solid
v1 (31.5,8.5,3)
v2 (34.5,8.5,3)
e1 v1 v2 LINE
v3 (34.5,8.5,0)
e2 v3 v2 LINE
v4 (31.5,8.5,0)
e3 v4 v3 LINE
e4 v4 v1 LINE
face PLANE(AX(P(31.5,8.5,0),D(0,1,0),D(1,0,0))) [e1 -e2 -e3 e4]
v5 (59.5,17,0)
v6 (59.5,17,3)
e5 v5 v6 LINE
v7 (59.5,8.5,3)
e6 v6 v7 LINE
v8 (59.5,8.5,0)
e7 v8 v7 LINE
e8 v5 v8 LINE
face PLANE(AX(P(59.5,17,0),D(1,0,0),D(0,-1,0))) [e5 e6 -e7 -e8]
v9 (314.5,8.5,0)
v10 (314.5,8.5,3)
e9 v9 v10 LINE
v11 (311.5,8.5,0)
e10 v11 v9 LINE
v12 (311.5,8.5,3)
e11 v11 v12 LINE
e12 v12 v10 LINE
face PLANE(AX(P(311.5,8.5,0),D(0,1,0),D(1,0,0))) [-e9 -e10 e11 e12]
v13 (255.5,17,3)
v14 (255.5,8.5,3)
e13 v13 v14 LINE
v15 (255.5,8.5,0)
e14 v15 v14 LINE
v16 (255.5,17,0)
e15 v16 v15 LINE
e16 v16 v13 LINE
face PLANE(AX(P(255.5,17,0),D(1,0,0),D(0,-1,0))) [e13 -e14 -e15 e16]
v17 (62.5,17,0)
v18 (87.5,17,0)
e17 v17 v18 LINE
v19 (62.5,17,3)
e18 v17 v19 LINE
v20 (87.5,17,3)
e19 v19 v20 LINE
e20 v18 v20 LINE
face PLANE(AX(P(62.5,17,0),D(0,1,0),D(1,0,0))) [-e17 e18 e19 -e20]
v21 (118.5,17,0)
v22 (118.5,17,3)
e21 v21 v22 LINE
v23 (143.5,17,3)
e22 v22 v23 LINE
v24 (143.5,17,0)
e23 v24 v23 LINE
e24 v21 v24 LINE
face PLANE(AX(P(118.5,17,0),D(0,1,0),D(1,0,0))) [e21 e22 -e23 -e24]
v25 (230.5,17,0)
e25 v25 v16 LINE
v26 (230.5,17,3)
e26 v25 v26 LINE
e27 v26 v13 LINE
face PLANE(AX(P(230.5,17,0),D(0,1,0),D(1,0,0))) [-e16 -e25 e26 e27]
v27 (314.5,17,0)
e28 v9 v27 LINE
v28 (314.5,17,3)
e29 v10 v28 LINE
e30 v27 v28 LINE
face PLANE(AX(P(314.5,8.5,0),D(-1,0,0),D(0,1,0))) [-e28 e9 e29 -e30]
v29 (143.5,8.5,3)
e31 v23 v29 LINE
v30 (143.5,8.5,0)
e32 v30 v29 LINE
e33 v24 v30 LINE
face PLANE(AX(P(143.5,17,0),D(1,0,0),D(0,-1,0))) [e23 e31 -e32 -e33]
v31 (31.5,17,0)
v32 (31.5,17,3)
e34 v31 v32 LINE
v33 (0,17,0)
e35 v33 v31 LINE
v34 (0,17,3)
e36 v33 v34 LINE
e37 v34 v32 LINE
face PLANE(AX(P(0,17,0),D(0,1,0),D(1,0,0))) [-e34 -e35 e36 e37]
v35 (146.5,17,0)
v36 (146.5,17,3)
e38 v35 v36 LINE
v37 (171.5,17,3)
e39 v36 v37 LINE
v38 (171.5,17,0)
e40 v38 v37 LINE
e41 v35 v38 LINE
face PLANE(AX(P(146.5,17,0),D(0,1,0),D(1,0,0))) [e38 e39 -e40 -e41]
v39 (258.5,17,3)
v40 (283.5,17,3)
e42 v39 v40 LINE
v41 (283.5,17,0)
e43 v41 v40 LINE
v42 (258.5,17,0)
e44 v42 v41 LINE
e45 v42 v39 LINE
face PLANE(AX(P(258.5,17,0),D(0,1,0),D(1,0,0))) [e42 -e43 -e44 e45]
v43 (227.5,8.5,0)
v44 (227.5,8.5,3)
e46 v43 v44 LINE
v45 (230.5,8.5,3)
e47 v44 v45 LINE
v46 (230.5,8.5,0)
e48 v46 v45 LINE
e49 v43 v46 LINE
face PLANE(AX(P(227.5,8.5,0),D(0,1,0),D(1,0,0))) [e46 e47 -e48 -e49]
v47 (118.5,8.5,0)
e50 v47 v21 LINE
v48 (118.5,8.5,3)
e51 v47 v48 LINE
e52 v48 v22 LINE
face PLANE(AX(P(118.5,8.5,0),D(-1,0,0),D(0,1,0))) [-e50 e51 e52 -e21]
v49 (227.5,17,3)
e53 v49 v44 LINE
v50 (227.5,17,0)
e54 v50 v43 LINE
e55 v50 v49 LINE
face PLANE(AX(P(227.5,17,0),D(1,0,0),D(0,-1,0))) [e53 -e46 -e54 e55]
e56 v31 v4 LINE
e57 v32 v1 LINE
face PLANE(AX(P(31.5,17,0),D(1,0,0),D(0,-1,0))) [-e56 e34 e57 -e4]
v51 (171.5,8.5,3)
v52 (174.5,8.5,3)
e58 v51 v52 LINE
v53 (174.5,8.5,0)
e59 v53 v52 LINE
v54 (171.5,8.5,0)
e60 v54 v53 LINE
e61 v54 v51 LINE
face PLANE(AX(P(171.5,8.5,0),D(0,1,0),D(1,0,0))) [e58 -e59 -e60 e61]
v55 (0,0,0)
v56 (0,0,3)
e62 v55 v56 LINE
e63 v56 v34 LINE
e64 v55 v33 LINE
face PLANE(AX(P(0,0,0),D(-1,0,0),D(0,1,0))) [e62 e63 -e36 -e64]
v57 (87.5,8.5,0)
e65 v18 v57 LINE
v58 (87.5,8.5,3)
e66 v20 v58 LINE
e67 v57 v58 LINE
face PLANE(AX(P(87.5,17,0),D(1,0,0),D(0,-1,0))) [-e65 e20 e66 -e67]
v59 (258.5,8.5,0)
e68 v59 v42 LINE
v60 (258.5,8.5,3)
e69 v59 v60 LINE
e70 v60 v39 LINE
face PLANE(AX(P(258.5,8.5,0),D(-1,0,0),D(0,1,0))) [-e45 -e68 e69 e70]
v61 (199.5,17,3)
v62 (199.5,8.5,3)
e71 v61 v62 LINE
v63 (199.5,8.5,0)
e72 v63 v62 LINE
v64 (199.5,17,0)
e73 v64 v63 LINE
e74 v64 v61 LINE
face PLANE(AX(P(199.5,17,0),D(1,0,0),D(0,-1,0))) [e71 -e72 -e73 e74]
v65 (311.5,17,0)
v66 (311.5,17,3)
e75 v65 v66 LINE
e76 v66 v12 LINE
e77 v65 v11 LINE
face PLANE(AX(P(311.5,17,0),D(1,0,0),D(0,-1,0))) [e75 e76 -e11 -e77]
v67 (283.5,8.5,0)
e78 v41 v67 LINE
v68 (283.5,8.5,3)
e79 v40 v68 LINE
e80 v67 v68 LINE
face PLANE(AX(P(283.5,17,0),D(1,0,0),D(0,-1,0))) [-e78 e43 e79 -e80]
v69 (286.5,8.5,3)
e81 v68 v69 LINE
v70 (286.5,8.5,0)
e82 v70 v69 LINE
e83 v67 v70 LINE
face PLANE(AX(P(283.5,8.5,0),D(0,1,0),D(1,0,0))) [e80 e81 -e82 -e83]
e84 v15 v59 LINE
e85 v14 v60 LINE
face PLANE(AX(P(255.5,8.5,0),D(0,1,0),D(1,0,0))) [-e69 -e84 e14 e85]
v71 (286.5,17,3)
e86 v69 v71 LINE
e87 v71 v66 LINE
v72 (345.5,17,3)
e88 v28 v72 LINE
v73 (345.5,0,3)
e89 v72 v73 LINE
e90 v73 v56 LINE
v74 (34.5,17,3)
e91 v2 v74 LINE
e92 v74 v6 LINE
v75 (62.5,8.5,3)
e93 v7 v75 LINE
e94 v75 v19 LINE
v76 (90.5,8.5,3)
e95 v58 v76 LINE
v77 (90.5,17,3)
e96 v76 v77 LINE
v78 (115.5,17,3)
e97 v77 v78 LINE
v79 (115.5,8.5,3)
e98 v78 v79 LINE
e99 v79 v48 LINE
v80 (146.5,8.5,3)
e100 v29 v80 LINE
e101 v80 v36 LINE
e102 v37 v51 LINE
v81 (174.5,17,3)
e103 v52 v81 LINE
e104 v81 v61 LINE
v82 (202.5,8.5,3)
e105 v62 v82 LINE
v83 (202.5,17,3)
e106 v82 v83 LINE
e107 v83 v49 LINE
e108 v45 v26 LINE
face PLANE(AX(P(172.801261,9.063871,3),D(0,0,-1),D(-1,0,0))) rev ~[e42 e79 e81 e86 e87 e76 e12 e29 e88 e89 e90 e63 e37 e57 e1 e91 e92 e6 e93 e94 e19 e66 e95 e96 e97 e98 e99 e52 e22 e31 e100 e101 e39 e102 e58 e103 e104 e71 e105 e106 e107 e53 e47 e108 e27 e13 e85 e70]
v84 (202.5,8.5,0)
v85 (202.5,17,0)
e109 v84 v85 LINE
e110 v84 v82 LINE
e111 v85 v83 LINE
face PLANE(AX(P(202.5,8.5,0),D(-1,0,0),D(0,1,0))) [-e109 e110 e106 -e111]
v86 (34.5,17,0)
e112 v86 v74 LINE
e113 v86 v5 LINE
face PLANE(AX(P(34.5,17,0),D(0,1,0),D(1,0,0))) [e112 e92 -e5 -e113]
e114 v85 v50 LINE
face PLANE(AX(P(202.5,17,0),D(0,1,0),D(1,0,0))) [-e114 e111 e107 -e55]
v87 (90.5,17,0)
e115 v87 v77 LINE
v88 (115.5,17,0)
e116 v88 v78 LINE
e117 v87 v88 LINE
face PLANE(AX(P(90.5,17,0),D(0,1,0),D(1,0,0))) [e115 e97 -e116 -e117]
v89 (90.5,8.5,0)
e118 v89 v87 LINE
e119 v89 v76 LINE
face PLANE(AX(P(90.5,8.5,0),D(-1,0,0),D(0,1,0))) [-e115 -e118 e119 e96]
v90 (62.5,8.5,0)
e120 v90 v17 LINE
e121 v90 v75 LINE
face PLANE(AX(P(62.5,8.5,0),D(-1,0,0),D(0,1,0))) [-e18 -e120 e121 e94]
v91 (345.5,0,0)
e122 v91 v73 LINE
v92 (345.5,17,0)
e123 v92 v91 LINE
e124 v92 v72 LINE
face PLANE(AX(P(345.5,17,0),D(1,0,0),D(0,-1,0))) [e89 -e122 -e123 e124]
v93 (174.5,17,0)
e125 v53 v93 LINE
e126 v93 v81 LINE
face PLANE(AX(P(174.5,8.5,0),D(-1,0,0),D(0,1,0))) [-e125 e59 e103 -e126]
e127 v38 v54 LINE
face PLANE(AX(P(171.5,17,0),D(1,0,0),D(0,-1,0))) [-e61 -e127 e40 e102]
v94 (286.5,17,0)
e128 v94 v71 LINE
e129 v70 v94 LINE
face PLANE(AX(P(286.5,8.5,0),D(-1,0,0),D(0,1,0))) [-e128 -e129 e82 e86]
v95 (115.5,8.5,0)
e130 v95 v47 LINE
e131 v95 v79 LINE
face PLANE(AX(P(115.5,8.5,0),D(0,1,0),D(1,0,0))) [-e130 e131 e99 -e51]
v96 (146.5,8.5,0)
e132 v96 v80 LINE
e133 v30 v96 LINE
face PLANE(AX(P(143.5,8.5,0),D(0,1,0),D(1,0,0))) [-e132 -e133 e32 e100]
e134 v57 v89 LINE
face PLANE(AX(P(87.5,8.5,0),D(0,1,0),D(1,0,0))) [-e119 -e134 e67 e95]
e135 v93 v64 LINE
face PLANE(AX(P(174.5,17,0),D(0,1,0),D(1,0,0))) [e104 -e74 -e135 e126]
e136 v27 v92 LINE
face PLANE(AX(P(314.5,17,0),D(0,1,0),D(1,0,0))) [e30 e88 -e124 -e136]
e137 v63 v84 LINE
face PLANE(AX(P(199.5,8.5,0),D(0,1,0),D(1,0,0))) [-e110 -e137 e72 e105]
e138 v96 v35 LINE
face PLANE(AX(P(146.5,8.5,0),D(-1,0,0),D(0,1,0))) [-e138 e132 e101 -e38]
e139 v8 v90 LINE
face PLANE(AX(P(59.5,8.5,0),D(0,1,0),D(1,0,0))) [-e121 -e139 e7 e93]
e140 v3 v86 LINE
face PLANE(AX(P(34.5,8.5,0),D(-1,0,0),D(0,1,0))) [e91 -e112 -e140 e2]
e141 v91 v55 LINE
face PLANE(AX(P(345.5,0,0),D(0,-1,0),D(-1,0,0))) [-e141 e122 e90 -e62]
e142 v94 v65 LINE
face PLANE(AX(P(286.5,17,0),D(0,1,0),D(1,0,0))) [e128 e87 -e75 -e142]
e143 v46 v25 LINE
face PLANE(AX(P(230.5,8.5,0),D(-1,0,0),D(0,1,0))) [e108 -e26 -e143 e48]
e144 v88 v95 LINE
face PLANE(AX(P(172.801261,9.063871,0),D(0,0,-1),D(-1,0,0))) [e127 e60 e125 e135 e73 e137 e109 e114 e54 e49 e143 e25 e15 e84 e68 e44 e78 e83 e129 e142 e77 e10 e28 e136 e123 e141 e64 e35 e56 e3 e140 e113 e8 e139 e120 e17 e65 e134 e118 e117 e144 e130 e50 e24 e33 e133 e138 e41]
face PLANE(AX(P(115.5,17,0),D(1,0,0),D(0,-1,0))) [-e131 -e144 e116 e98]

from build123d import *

# Parameters (mm, degrees)
PAD_DEPTH = 3


with BuildPart() as part:
    # Sketch → Pad (new body)
    with BuildSketch(Plane.XY):
        Polygon((0, 0), (0, 17), (31.5, 17), (31.5, 8.5), (34.5, 8.5), (34.5, 17), (59.5, 17), (59.5, 8.5), (62.5, 8.5), (62.5, 17), (87.5, 17), (87.5, 8.5), (90.5, 8.5), (90.5, 17), (115.5, 17), (115.5, 8.5), (118.5, 8.5), (118.5, 17), (143.5, 17), (143.5, 8.5), (146.5, 8.5), (146.5, 17), (171.5, 17), (171.5, 8.5), (174.5, 8.5), (174.5, 17), (199.5, 17), (199.5, 8.5), (202.5, 8.5), (202.5, 17), (227.5, 17), (227.5, 8.5), (230.5, 8.5), (230.5, 17), (255.5, 17), (255.5, 8.5), (258.5, 8.5), (258.5, 17), (283.5, 17), (283.5, 8.5), (286.5, 8.5), (286.5, 17), (311.5, 17), (311.5, 8.5), (314.5, 8.5), (314.5, 17), (345.5, 17), (345.5, 0), align=None)
    extrude(amount=PAD_DEPTH)


solid = part.part
